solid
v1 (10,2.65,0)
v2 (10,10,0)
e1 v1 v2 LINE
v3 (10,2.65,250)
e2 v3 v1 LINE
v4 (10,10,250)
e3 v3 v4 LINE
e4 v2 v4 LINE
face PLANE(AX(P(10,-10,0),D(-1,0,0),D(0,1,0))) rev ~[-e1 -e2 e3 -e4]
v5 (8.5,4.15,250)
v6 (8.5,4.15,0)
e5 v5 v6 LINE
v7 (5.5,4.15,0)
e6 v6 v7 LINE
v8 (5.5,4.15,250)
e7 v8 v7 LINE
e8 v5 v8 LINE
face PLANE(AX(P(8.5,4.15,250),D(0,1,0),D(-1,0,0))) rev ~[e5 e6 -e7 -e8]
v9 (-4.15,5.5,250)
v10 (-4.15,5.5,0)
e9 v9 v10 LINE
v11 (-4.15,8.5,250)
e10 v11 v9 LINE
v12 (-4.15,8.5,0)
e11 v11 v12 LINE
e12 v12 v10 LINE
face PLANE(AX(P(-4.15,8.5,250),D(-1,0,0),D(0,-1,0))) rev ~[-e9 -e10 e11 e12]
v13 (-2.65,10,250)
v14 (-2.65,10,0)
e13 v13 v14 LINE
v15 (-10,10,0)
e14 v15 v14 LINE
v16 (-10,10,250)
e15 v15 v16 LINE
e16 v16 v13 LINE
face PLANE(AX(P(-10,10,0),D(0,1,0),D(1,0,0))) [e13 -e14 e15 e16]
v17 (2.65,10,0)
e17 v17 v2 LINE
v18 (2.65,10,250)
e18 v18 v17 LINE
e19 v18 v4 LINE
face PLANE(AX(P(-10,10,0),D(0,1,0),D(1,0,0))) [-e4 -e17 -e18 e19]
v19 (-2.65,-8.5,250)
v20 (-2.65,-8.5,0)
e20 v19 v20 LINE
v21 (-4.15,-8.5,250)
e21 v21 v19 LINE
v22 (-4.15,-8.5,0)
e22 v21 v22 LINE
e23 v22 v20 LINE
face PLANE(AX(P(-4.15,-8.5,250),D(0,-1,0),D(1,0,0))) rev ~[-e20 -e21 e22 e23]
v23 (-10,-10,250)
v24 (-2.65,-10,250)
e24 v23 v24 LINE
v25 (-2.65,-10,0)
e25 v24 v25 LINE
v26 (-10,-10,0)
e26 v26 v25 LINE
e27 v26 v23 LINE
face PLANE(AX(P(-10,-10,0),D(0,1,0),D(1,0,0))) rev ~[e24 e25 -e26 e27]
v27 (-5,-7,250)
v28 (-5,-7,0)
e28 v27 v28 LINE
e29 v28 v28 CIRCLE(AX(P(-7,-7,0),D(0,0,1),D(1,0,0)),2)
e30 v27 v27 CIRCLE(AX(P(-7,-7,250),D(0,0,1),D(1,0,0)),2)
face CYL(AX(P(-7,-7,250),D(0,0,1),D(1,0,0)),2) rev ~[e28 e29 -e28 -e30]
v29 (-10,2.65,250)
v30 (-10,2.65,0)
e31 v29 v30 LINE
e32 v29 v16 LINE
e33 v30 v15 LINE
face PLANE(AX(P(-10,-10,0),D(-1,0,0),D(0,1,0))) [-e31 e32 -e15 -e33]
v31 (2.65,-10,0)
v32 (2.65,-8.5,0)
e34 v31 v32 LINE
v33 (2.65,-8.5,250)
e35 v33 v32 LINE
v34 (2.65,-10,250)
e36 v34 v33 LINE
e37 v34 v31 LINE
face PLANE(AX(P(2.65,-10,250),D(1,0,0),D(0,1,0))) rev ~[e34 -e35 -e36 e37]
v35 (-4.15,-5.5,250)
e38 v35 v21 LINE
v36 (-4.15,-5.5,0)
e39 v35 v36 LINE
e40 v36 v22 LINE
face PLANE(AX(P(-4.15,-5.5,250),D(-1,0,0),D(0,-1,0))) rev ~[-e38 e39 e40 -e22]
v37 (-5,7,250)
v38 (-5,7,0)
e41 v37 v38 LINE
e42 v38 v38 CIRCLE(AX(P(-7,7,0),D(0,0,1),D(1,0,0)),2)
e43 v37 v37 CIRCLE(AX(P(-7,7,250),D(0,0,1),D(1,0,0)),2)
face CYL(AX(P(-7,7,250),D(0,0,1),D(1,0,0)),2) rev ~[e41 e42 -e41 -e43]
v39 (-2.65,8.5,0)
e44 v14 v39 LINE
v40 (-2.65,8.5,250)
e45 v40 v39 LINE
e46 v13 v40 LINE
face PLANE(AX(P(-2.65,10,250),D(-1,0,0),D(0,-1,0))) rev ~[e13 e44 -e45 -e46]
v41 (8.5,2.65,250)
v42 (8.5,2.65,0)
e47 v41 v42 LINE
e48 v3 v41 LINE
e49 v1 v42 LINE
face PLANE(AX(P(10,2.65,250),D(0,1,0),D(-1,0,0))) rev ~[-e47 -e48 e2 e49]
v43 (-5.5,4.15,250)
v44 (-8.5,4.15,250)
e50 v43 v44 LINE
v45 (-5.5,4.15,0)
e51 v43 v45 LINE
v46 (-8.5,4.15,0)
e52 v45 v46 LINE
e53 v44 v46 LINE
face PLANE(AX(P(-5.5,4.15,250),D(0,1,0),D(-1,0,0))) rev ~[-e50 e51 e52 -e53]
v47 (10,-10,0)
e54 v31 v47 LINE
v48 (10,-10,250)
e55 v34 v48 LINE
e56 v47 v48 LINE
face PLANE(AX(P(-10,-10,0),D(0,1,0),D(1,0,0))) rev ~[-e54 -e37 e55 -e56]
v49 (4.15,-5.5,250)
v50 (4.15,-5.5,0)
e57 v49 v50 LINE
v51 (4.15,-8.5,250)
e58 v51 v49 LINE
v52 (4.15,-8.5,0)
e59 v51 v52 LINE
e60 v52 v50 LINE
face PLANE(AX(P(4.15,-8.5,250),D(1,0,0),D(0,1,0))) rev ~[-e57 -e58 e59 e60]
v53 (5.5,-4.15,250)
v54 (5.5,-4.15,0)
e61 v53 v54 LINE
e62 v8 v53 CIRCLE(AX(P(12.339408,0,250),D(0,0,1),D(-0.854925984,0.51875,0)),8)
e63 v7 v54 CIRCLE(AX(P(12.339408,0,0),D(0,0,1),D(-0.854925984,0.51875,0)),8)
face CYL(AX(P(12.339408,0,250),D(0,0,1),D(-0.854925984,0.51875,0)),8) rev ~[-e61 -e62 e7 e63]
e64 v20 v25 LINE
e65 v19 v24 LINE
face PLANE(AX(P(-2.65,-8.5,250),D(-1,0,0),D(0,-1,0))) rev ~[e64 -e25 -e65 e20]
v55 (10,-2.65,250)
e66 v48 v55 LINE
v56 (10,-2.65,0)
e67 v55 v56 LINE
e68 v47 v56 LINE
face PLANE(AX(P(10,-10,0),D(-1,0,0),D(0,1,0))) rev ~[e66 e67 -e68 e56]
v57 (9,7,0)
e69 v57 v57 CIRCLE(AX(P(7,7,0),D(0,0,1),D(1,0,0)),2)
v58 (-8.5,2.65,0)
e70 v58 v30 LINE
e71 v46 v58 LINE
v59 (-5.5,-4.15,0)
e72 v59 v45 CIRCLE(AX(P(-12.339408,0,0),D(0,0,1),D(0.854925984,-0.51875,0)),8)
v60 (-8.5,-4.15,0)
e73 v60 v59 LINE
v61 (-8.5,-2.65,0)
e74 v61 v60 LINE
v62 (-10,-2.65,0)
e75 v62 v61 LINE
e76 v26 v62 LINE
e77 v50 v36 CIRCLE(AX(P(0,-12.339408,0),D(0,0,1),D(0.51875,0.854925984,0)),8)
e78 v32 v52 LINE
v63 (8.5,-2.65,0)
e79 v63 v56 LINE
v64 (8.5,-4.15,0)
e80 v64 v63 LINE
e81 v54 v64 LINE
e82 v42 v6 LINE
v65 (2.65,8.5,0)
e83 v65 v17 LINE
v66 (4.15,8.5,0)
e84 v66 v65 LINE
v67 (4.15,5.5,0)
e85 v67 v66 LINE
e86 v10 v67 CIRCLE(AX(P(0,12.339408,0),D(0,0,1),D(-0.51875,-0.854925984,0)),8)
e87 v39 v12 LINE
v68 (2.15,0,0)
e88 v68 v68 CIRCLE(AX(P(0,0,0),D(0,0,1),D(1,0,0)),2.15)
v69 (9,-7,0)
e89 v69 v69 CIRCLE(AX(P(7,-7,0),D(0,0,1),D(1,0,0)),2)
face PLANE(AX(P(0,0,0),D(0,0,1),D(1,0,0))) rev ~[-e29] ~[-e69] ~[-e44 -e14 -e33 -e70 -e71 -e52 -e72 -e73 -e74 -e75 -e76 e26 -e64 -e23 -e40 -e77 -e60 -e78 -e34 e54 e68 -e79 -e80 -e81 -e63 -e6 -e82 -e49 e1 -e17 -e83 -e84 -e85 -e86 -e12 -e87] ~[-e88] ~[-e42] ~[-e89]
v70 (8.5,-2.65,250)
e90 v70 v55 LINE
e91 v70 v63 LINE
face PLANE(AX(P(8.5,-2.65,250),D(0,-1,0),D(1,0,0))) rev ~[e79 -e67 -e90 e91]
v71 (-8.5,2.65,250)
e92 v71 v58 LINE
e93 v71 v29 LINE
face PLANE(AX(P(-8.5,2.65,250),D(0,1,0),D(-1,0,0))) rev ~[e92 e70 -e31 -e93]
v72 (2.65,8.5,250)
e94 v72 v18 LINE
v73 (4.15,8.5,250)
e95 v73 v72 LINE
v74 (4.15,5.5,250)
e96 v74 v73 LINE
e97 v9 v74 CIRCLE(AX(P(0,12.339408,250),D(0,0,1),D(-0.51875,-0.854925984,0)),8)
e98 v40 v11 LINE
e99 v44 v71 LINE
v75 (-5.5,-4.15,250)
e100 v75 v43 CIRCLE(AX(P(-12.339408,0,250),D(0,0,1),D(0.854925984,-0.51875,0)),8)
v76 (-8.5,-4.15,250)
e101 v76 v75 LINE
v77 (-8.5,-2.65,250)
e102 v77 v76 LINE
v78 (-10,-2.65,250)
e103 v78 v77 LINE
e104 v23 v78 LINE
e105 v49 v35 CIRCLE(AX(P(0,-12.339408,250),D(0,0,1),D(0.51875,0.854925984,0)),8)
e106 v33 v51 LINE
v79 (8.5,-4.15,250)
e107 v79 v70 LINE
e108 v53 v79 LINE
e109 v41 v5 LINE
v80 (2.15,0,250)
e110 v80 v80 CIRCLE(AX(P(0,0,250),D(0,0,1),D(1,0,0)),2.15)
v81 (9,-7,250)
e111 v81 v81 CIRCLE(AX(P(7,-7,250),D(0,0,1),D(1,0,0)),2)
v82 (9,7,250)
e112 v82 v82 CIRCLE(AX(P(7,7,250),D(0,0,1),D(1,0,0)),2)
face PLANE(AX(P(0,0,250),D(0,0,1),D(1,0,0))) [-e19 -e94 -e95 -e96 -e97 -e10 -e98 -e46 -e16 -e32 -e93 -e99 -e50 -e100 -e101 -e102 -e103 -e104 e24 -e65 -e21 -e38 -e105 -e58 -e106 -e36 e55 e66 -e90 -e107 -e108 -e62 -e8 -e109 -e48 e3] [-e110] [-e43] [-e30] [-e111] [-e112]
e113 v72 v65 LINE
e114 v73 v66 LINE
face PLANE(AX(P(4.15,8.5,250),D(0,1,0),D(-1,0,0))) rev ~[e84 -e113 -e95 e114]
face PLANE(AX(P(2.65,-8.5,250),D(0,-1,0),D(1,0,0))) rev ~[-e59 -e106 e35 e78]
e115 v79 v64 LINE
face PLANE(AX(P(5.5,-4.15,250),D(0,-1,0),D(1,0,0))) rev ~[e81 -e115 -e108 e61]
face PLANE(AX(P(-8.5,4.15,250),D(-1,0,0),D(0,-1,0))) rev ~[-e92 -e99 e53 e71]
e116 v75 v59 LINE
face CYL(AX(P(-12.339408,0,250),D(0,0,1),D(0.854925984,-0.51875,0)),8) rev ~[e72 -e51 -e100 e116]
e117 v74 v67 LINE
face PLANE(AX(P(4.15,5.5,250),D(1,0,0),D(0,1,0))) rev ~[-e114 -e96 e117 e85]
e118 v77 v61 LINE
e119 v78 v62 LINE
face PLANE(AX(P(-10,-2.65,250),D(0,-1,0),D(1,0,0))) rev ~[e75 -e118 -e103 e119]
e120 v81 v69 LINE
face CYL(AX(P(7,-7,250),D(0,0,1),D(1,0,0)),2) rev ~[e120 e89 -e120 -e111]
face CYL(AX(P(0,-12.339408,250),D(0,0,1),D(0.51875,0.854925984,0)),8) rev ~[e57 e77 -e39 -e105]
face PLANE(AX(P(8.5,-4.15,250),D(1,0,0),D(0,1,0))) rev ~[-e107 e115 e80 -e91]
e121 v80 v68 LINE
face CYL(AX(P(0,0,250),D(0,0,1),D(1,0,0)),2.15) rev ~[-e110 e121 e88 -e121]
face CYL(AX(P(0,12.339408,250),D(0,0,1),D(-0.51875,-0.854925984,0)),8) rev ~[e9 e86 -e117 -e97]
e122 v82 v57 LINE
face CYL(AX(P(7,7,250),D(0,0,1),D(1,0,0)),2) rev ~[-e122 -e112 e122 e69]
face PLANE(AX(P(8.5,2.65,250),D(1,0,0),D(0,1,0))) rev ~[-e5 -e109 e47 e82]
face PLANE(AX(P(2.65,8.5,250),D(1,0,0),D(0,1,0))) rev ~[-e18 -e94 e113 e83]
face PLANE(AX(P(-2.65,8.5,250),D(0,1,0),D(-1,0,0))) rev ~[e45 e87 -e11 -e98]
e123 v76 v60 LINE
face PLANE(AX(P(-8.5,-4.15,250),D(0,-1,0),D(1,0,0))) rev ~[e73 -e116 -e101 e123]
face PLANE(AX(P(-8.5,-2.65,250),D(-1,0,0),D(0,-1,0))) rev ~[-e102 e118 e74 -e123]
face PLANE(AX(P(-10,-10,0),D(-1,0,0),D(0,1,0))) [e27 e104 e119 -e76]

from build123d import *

# Parameters (mm, degrees)
SKETCH_1_W          = 20
SKETCH_1_H          = 20
EXTRUDE_1_DEPTH     = 250
SKETCH_2_R          = 2.15
SKETCH_2_R_2        = 2
CUT_EXTRUDE_1_DEPTH = 300


with BuildPart() as part:
    # 스케치1 → 보스-돌출1 (new body)
    with BuildSketch(Plane.XY):
        Rectangle(SKETCH_1_W, SKETCH_1_H)
    extrude(amount=EXTRUDE_1_DEPTH)

    # 스케치2 → 컷-돌출1 (cut)
    with BuildSketch(Plane.XY.offset(250)):
        Circle(SKETCH_2_R)
        with Locations((-7, 7)):
            Circle(SKETCH_2_R_2)
        with Locations((7, 7)):
            Circle(SKETCH_2_R_2)
        with Locations((7, -7)):
            Circle(SKETCH_2_R_2)
        with Locations((-7, -7)):
            Circle(SKETCH_2_R_2)
        with BuildLine():
            Line((-2.65, 10), (-2.65, 8.5))
            Line((-2.65, 8.5), (-4.15, 8.5))
            Line((-4.15, 8.5), (-4.15, 5.5))
            ThreePointArc((-4.15, 5.5), (0, 4.339407869), (4.15, 5.5))
            Line((4.15, 5.5), (4.15, 8.5))
            Line((4.15, 8.5), (2.65, 8.5))
            Line((2.65, 8.5), (2.65, 10))
            Line((2.65, 10), (-2.65, 10))
        make_face()
        with BuildLine():
            Line((10, 2.65), (8.5, 2.65))
            Line((8.5, 2.65), (8.5, 4.15))
            Line((8.5, 4.15), (5.5, 4.15))
            ThreePointArc((5.5, 4.15), (4.339407869, 0), (5.5, -4.15))
            Line((5.5, -4.15), (8.5, -4.15))
            Line((8.5, -4.15), (8.5, -2.65))
            Line((8.5, -2.65), (10, -2.65))
            Line((10, -2.65), (10, 2.65))
        make_face()
        with BuildLine():
            Line((2.65, -10), (2.65, -8.5))
            Line((2.65, -8.5), (4.15, -8.5))
            Line((4.15, -8.5), (4.15, -5.5))
            ThreePointArc((4.15, -5.5), (0, -4.339407869), (-4.15, -5.5))
            Line((-4.15, -5.5), (-4.15, -8.5))
            Line((-4.15, -8.5), (-2.65, -8.5))
            Line((-2.65, -8.5), (-2.65, -10))
            Line((-2.65, -10), (2.65, -10))
        make_face()
        with BuildLine():
            Line((-10, -2.65), (-8.5, -2.65))
            Line((-8.5, -2.65), (-8.5, -4.15))
            Line((-8.5, -4.15), (-5.5, -4.15))
            ThreePointArc((-5.5, -4.15), (-4.339407869, 0), (-5.5, 4.15))
            Line((-5.5, 4.15), (-8.5, 4.15))
            Line((-8.5, 4.15), (-8.5, 2.65))
            Line((-8.5, 2.65), (-10, 2.65))
            Line((-10, 2.65), (-10, -2.65))
        make_face()
    extrude(amount=-CUT_EXTRUDE_1_DEPTH, mode=Mode.SUBTRACT)


solid = part.part
